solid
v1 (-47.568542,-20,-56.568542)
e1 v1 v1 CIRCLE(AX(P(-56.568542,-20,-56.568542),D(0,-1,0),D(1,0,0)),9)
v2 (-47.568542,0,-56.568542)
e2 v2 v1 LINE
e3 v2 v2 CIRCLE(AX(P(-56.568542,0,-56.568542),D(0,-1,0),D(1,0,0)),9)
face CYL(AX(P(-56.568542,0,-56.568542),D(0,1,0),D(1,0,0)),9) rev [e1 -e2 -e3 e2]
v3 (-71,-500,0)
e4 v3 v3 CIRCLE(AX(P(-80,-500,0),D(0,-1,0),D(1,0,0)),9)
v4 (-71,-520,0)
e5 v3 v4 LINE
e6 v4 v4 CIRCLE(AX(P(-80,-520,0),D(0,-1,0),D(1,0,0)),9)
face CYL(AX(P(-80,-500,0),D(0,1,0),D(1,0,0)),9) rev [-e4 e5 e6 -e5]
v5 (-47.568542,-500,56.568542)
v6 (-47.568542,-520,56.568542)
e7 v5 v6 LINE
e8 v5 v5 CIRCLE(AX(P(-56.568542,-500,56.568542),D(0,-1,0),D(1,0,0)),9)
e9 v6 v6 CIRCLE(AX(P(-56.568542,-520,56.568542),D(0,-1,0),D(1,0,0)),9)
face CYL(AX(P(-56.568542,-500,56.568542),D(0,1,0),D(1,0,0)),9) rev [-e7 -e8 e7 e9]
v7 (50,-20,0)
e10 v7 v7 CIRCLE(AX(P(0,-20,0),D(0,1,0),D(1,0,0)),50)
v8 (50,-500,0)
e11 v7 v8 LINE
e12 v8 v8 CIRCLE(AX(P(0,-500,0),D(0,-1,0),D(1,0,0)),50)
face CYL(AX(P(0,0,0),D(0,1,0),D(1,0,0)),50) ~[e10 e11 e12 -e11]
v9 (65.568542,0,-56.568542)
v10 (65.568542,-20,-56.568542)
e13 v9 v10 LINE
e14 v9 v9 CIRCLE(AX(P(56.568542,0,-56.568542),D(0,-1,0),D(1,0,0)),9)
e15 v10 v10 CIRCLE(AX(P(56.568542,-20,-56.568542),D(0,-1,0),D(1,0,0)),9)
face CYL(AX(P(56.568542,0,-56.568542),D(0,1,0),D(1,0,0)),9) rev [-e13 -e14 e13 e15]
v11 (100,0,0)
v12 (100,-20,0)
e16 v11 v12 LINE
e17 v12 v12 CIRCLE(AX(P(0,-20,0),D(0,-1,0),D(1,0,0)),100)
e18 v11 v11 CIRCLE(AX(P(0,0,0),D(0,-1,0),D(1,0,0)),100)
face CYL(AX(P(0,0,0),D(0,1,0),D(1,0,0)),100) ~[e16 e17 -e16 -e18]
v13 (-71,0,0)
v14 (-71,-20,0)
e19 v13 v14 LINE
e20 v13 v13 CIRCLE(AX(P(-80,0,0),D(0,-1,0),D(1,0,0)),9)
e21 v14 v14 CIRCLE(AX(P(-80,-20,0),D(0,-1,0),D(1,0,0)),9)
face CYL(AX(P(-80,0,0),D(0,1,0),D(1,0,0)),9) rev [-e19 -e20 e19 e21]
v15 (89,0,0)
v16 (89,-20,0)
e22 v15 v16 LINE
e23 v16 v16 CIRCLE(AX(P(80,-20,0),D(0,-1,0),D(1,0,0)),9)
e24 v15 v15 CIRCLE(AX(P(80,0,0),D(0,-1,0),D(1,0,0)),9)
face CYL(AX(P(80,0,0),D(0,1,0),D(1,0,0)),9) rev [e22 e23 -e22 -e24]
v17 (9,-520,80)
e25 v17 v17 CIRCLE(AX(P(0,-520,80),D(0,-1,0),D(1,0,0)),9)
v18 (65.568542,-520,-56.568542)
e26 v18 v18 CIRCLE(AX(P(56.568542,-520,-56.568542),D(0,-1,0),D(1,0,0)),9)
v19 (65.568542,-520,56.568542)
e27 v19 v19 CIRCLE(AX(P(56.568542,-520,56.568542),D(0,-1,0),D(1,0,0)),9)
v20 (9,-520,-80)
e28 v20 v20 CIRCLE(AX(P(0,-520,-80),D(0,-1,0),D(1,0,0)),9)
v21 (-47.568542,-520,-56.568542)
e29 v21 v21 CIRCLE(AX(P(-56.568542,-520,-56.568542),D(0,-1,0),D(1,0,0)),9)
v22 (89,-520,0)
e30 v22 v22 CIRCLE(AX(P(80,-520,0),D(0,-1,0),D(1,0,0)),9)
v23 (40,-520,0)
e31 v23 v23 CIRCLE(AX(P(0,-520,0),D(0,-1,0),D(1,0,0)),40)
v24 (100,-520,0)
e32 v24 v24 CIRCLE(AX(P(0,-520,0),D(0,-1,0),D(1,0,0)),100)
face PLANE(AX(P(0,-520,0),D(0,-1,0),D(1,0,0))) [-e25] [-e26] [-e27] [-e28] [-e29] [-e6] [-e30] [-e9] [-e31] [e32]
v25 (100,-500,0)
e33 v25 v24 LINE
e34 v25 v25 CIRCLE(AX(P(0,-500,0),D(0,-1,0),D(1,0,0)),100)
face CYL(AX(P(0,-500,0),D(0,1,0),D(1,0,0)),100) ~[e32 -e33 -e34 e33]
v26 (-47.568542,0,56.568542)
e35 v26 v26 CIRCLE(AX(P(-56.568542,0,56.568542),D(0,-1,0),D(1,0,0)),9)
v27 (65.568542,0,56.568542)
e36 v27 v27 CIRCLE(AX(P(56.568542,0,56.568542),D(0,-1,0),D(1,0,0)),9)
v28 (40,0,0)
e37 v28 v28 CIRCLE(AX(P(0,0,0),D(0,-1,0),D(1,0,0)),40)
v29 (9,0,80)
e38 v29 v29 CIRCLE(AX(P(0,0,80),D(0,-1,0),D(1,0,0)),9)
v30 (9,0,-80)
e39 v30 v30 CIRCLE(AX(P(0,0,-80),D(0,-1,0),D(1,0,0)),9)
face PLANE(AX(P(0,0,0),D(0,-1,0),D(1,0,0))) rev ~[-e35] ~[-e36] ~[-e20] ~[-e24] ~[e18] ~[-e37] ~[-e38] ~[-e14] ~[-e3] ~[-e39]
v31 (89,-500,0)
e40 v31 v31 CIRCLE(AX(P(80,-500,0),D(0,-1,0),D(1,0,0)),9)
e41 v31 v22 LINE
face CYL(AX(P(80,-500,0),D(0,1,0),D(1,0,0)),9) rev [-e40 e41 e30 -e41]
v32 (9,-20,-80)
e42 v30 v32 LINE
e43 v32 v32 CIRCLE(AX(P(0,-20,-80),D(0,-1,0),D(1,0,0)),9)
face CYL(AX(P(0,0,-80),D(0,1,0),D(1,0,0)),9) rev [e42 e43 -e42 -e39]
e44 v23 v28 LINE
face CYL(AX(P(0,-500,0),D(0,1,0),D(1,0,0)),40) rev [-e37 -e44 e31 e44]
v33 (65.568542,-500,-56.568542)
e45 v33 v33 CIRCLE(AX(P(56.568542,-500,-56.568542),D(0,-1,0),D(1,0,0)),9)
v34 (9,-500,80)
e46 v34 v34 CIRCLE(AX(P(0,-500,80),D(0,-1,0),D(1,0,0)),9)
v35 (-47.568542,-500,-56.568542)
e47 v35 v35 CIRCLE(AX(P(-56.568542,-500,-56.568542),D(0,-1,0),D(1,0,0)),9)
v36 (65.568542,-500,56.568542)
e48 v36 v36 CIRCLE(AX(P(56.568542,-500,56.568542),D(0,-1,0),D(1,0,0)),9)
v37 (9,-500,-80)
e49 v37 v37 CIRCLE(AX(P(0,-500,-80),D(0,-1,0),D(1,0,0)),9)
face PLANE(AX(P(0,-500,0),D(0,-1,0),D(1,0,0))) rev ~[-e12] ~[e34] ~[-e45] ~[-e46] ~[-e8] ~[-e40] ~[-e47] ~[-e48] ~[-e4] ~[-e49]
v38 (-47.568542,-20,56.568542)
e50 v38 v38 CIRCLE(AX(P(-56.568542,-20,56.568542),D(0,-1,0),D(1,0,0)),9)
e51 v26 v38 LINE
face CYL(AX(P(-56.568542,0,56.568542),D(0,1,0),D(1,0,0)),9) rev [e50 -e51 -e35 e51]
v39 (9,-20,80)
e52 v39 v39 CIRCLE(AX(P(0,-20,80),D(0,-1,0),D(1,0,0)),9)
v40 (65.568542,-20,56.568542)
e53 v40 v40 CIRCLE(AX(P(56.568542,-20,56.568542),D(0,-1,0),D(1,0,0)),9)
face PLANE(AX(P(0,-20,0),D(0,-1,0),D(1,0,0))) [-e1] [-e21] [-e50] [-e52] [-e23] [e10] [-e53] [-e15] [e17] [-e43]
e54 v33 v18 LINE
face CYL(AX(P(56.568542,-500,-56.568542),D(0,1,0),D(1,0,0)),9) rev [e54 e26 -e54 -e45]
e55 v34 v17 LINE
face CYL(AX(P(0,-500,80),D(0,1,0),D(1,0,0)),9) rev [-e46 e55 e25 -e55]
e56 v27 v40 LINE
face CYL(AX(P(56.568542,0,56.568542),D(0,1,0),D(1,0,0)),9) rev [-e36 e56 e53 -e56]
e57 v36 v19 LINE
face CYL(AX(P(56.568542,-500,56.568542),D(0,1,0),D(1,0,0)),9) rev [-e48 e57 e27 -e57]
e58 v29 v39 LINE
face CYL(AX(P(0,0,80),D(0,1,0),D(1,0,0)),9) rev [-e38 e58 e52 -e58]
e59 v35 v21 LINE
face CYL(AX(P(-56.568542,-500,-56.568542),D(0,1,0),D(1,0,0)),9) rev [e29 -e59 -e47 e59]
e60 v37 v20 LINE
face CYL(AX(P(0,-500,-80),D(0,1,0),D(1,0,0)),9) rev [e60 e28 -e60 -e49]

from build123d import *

# Parameters (mm, degrees)
F0_R     = 100
F0_R_2   = 9
F0_R_3   = 50
F0_R_4   = 40
F1_DEPTH = 20
F2_DEPTH = 500
F3_R     = 100
F3_R_2   = 9
F3_R_3   = 50
F3_R_4   = 40
F4_DEPTH = 20


with BuildPart() as f1:
    # F0 (on Front) → F1 (new body)
    with BuildSketch(Plane.XZ):
        Circle(F0_R)
        with Locations((-56.5685424949, -56.5685424949)):
            Circle(F0_R_2, mode=Mode.SUBTRACT)
        with Locations((0, -80)):
            Circle(F0_R_2, mode=Mode.SUBTRACT)
        with Locations((56.5685424949, -56.5685424949)):
            Circle(F0_R_2, mode=Mode.SUBTRACT)
        with Locations((-80, 0)):
            Circle(F0_R_2, mode=Mode.SUBTRACT)
        with Locations((-56.5685424949, 56.5685424949)):
            Circle(F0_R_2, mode=Mode.SUBTRACT)
        Circle(F0_R_3, mode=Mode.SUBTRACT)
        with Locations((80, 0)):
            Circle(F0_R_2, mode=Mode.SUBTRACT)
        with Locations((0, 80)):
            Circle(F0_R_2, mode=Mode.SUBTRACT)
        with Locations((56.5685424949, 56.5685424949)):
            Circle(F0_R_2, mode=Mode.SUBTRACT)
        Circle(F0_R_3)
        Circle(F0_R_4, mode=Mode.SUBTRACT)
    extrude(amount=F1_DEPTH)

    # F0 (on Front) → F2 (join)
    with BuildSketch(Plane.XZ):
        Circle(F0_R_3)
        Circle(F0_R_4, mode=Mode.SUBTRACT)
    extrude(amount=F2_DEPTH)

    # F3 (on face) → F4 (join)
    with BuildSketch(Plane.XZ.offset(500)):
        Circle(F3_R)
        with Locations((-56.5685424949, -56.5685424949)):
            Circle(F3_R_2, mode=Mode.SUBTRACT)
        with Locations((0, -80)):
            Circle(F3_R_2, mode=Mode.SUBTRACT)
        with Locations((56.5685424949, -56.5685424949)):
            Circle(F3_R_2, mode=Mode.SUBTRACT)
        with Locations((-80, 0)):
            Circle(F3_R_2, mode=Mode.SUBTRACT)
        with Locations((-56.5685424949, 56.5685424949)):
            Circle(F3_R_2, mode=Mode.SUBTRACT)
        Circle(F3_R_3, mode=Mode.SUBTRACT)
        with Locations((80, 0)):
            Circle(F3_R_2, mode=Mode.SUBTRACT)
        with Locations((0, 80)):
            Circle(F3_R_2, mode=Mode.SUBTRACT)
        with Locations((56.5685424949, 56.5685424949)):
            Circle(F3_R_2, mode=Mode.SUBTRACT)
        Circle(F3_R_3)
        Circle(F3_R_4, mode=Mode.SUBTRACT)
    extrude(amount=F4_DEPTH)


solid = f1.part
